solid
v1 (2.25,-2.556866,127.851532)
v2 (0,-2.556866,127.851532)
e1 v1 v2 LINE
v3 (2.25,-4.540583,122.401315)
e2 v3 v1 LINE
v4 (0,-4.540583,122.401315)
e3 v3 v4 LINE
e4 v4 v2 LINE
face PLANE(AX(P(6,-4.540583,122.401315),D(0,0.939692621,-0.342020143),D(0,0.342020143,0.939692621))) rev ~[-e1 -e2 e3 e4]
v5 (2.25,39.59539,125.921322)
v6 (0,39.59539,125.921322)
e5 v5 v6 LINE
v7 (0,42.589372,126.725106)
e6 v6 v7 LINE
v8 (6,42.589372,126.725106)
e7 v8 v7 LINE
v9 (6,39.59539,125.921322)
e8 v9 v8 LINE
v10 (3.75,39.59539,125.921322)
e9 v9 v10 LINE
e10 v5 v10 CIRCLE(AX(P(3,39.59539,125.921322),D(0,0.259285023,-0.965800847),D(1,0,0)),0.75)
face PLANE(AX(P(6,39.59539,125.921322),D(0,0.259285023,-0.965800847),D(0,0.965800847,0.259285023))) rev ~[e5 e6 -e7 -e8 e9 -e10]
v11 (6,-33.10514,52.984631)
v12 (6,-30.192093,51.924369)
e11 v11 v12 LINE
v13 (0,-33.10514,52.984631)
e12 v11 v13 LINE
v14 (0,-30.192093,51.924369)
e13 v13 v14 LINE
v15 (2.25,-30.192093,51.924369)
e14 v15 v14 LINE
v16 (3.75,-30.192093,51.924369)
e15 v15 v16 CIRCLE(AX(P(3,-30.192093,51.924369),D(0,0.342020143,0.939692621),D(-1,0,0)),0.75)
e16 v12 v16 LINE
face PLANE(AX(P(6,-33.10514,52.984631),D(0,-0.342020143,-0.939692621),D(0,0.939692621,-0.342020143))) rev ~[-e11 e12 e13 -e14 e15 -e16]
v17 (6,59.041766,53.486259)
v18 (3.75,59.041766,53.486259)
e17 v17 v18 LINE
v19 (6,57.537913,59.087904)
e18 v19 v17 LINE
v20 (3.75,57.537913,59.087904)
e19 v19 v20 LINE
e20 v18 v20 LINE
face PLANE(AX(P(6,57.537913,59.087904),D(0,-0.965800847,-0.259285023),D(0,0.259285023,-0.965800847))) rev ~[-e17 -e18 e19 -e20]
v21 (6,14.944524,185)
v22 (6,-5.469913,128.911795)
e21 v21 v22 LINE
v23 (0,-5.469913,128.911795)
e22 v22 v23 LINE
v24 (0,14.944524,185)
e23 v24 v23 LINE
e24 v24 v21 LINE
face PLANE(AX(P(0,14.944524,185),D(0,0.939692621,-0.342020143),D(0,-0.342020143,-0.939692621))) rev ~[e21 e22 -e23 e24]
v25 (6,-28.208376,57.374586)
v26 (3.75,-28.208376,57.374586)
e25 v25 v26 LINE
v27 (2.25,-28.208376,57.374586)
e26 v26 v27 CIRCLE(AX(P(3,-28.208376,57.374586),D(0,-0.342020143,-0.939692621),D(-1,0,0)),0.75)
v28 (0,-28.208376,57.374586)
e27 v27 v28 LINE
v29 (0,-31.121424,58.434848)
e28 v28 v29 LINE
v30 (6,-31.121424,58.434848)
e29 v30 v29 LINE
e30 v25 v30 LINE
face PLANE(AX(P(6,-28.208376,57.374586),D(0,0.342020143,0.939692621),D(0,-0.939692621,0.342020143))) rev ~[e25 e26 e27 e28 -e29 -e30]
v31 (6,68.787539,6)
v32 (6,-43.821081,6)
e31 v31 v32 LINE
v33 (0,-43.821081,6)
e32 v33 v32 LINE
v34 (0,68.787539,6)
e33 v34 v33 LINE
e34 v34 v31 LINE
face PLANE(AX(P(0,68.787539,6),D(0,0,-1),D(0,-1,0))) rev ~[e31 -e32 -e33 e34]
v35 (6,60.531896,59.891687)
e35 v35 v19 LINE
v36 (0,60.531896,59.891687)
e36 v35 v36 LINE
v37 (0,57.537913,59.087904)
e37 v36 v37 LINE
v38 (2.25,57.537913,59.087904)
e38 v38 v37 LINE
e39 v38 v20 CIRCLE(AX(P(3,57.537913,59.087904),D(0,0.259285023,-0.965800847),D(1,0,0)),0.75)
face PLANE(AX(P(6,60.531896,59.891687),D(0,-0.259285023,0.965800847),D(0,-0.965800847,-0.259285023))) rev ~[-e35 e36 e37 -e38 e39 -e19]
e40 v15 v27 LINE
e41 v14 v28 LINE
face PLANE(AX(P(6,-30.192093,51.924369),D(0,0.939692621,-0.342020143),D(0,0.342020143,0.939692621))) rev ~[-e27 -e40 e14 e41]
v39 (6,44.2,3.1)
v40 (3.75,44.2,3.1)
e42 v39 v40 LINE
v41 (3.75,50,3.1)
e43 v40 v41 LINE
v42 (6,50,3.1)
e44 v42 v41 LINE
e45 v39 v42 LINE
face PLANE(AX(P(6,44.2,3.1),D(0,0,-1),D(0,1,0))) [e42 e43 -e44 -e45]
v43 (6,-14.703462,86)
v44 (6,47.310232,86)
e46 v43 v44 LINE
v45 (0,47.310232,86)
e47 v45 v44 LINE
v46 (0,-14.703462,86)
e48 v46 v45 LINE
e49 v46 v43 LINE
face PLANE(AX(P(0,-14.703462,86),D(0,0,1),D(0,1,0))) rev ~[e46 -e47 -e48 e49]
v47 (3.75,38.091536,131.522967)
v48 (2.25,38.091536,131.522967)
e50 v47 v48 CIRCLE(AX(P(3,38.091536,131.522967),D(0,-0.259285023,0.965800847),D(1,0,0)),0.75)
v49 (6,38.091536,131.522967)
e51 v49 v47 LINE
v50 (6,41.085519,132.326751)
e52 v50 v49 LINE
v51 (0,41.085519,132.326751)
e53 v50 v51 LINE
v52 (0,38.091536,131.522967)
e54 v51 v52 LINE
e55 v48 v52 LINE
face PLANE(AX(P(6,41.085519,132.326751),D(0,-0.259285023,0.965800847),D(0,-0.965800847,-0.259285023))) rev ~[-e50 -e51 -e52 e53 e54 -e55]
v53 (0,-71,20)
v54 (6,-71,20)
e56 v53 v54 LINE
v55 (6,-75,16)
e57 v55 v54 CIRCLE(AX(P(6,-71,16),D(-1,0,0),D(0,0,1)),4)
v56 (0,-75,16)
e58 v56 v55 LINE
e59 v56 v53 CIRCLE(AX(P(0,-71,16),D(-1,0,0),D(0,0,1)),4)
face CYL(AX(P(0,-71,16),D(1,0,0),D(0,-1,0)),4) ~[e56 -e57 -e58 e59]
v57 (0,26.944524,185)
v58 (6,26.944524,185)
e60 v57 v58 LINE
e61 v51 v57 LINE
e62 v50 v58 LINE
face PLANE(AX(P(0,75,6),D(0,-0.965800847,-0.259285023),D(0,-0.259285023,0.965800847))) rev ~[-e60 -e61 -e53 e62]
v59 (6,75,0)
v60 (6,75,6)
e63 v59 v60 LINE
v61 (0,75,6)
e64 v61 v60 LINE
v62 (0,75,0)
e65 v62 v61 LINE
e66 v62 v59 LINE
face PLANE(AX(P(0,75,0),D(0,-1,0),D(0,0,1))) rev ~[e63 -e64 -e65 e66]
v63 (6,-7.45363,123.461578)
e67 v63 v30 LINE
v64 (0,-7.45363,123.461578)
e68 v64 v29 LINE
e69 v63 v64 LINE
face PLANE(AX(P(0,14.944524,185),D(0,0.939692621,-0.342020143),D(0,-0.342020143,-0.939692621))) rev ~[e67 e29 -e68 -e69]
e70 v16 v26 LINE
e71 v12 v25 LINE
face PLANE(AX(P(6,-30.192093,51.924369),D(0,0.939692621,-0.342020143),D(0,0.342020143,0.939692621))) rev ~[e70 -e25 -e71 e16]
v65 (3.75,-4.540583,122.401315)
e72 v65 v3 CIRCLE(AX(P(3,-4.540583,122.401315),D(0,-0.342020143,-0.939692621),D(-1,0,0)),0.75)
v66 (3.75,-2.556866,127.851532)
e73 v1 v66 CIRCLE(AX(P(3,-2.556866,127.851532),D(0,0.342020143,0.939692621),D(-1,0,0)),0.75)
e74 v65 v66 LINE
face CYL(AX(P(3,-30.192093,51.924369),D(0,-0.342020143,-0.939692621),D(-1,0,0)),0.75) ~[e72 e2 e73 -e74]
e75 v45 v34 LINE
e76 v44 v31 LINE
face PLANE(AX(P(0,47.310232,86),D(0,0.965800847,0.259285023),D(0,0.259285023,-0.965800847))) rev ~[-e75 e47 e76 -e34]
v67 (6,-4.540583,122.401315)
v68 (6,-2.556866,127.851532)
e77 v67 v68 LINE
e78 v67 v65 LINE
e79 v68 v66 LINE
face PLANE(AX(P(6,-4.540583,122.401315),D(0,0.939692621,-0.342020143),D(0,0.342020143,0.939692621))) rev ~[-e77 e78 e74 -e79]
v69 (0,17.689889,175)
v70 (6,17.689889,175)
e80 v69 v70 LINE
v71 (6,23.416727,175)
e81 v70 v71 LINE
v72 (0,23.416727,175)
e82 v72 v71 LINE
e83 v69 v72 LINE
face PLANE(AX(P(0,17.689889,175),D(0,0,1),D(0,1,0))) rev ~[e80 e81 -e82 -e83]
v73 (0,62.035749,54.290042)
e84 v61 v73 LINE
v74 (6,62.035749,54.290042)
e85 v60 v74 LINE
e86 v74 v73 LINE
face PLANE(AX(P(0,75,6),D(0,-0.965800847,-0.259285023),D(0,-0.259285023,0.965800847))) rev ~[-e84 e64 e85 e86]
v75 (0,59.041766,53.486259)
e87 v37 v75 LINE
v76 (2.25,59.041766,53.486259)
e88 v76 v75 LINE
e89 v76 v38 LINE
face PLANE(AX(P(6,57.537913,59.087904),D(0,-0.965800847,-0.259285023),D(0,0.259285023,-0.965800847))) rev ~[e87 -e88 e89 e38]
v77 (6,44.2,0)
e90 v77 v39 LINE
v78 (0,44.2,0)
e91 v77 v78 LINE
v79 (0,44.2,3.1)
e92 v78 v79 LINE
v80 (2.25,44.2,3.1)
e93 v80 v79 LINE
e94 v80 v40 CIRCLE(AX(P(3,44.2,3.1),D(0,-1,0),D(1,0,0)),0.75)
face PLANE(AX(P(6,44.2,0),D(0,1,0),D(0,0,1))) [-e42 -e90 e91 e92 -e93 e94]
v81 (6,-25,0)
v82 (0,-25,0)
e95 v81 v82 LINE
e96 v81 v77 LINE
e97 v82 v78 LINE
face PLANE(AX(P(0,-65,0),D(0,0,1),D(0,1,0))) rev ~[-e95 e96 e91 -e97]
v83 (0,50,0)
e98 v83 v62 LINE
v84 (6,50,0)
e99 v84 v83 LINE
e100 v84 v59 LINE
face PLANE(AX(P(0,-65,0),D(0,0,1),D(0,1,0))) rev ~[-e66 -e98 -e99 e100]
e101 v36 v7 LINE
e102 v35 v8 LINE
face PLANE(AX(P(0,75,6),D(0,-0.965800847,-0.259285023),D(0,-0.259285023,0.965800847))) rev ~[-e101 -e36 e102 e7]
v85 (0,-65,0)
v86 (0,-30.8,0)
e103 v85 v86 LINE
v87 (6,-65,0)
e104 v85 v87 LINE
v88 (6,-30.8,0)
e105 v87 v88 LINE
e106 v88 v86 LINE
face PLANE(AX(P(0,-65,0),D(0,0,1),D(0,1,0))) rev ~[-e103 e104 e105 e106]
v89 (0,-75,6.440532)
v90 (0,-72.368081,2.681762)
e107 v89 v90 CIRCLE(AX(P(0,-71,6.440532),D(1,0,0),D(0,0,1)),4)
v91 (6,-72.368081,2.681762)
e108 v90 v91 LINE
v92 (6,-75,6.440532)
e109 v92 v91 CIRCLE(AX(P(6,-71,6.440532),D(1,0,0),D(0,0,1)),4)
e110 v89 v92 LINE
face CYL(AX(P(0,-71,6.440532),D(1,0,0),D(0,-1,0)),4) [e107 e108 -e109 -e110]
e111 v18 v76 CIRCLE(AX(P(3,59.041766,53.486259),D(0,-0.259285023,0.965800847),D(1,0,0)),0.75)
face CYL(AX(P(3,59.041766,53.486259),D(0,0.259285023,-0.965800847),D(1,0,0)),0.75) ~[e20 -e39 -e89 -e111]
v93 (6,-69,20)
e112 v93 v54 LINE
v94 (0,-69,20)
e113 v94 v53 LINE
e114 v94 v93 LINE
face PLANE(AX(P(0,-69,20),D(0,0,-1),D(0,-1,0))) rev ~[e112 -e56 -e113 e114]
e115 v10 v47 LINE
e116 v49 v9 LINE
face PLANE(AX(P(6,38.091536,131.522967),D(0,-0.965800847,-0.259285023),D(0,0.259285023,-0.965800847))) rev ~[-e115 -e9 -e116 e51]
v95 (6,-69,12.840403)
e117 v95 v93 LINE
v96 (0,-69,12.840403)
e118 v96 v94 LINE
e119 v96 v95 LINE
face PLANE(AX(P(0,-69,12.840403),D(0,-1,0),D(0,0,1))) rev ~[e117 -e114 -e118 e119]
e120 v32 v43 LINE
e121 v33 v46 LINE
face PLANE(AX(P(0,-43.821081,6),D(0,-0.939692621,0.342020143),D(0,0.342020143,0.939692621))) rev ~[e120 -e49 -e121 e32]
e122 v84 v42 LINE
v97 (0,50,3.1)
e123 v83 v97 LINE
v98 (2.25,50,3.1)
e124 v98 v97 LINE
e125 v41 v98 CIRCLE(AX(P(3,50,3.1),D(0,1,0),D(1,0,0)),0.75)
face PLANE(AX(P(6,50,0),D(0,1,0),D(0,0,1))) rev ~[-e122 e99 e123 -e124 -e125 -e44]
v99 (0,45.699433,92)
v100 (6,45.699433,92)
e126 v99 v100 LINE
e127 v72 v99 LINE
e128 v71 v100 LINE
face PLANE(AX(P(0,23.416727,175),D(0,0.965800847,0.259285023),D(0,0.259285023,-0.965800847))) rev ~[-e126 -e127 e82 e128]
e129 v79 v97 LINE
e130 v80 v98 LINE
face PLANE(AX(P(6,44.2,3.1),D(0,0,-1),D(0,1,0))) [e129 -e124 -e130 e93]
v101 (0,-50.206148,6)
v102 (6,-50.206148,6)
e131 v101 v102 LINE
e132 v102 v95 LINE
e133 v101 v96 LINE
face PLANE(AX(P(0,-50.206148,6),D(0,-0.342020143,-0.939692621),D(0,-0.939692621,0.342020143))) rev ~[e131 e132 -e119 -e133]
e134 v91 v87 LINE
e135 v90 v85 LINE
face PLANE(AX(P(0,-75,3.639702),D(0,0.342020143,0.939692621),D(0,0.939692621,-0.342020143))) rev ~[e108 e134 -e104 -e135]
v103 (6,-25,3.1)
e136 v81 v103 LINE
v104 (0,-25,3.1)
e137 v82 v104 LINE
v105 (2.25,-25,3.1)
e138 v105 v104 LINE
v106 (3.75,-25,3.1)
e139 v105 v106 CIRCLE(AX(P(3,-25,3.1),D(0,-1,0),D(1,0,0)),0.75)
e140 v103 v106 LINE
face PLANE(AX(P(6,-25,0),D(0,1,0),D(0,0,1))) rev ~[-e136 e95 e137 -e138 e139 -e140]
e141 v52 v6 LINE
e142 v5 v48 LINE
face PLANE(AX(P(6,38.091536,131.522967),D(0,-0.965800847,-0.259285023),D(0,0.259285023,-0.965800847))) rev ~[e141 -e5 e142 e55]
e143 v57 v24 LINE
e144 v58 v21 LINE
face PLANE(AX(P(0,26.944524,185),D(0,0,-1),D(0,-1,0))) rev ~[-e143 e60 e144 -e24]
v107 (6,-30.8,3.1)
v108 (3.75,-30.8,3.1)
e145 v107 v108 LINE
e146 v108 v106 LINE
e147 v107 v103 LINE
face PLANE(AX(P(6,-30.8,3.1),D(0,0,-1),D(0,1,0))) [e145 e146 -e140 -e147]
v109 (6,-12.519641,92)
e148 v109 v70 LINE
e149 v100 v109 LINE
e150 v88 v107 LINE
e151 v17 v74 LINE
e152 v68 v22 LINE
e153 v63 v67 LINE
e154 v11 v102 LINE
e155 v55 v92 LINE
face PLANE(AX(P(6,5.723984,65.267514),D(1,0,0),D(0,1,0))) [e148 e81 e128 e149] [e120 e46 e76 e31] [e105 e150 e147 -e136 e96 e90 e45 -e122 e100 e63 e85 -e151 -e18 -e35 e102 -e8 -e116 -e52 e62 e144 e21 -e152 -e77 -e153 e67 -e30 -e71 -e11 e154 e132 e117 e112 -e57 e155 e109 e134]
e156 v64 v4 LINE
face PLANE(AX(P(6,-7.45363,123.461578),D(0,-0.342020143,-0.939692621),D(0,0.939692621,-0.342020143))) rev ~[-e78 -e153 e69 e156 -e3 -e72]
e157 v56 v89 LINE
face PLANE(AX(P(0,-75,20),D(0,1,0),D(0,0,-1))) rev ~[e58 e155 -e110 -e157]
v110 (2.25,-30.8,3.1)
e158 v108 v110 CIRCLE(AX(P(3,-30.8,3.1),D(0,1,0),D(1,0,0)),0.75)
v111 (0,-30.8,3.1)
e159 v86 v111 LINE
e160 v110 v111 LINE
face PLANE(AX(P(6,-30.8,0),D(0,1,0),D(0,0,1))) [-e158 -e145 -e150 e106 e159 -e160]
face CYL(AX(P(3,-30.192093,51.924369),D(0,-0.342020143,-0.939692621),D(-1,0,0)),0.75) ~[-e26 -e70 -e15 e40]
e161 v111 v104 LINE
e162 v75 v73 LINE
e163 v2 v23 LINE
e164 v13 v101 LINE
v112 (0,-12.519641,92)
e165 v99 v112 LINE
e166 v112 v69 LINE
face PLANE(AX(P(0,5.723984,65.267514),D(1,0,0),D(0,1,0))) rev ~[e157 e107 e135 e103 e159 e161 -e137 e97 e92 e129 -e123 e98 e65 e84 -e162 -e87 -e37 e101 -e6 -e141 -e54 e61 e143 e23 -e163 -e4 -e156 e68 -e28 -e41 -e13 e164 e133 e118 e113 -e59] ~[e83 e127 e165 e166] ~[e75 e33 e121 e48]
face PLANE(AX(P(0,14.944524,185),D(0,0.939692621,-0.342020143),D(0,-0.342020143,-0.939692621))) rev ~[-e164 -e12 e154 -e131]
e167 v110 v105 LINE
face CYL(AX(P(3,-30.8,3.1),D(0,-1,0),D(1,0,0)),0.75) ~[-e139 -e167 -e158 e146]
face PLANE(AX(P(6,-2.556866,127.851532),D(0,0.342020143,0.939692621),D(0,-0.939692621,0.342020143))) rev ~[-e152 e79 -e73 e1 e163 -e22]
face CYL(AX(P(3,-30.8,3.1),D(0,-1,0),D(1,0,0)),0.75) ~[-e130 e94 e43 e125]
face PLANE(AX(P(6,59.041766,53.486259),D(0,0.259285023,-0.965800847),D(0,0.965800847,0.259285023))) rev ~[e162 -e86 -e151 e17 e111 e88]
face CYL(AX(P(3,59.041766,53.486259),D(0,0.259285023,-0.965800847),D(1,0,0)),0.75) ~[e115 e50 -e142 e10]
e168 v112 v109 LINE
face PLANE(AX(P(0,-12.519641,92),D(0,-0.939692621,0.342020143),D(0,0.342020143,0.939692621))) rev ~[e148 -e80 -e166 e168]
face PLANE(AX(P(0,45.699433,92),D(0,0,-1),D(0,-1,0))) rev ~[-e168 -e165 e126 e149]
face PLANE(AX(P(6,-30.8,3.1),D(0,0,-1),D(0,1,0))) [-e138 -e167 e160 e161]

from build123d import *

# Parameters (mm, degrees)
F1_DEPTH = 6
F2_W     = 5.8
F2_H     = 3.1
F3_DEPTH = 25
F5_DEPTH = 80.8
F7_DEPTH = 80.8
F9_DEPTH = 80.8
F10_R    = 4


with BuildPart() as f1:
    # F0 (on Right) → F1 (new body)
    with BuildSketch(Plane.YZ):
        Polygon((-75, 3.6397023427), (-65, 0), (75, 0), (75, 6), (26.9445243494, 185), (14.9445243494, 185), (-50.2061475843, 6), (-69, 12.8404028665), (-69, 20), (-75, 20), align=None)
        Polygon((68.7875391018, 6), (-43.8210809494, 6), (-14.7034622081, 86), (47.3102315485, 86), align=None, mode=Mode.SUBTRACT)
        Polygon((-12.5196408025, 92), (17.6898886416, 175), (23.4167268954, 175), (45.699433482, 92), align=None, mode=Mode.SUBTRACT)
    extrude(amount=F1_DEPTH)

    # F2 (on face) → F3 (cut)
    with BuildSketch(Plane.YZ.offset(6)):
        with Locations((-27.9, 1.55)):
            Rectangle(F2_W, F2_H)
        with Locations((47.1, 1.55)):
            Rectangle(F2_W, F2_H)
        Polygon((-5.4699128373, 128.9117947988), (-7.4536296686, 123.4615775982), (-4.5405825441, 122.4013151539), (-2.5568657128, 127.8515323545), align=None)
        Polygon((-31.1214235867, 58.4348482399), (-33.105140418, 52.9846310393), (-30.1920932936, 51.924368595), (-28.2083764623, 57.3745857955), align=None)
        Polygon((59.0417662259, 53.4862587999), (62.0357488529, 54.290042371), (60.5318957199, 59.8916872861), (57.5379130928, 59.0879037149), align=None)
        Polygon((39.5953895053, 125.9213223564), (42.5893721323, 126.7251059276), (41.0855189992, 132.3267508426), (38.0915363722, 131.5229672715), align=None)
    extrude(amount=-F3_DEPTH, mode=Mode.SUBTRACT)

    # F4 (on face) → F5 (join, through all)
    with BuildSketch(Plane(origin=(0, 13.1563663869, 36.14681957), x_dir=(1, 0, 0), z_dir=(0, 0.3420201433, 0.9396926208))):
        with BuildLine():
            ThreePointArc((2.25, -46.130467263), (3, -46.880467263), (3.75, -46.130467263))
            Line((3.75, -46.130467263), (2.25, -46.130467263))
        make_face()
    extrude(amount=F5_DEPTH)

    # F6 (on face) → F7 (join, through all)
    with BuildSketch(Plane(origin=(0, -30.8, 0), x_dir=(-1, 0, 0), z_dir=(0, 1, 0))):
        with BuildLine():
            ThreePointArc((-3.75, 3.1), (-3, 2.35), (-2.25, 3.1))
            Line((-2.25, 3.1), (-3.75, 3.1))
        make_face()
    extrude(amount=F7_DEPTH)

    # F8 (on face) → F9 (join, through all)
    with BuildSketch(Plane(origin=(0, -9.4246030822, 35.1053429162), x_dir=(1, 0, 0), z_dir=(0, -0.2592850229, 0.9658008474))):
        with BuildLine():
            Line((2.25, 70.8907736942), (3.75, 70.8907736942))
            ThreePointArc((3.75, 70.8907736942), (3, 71.6407736942), (2.25, 70.8907736942))
        make_face()
    extrude(amount=F9_DEPTH)

    # F10
    f10_edges = [f1.edges().sort_by_distance(p)[0] for p in [
        (3, -75, 3.639702),
        (3, -75, 20),
    ]]
    fillet(f10_edges, radius=F10_R)


solid = f1.part
